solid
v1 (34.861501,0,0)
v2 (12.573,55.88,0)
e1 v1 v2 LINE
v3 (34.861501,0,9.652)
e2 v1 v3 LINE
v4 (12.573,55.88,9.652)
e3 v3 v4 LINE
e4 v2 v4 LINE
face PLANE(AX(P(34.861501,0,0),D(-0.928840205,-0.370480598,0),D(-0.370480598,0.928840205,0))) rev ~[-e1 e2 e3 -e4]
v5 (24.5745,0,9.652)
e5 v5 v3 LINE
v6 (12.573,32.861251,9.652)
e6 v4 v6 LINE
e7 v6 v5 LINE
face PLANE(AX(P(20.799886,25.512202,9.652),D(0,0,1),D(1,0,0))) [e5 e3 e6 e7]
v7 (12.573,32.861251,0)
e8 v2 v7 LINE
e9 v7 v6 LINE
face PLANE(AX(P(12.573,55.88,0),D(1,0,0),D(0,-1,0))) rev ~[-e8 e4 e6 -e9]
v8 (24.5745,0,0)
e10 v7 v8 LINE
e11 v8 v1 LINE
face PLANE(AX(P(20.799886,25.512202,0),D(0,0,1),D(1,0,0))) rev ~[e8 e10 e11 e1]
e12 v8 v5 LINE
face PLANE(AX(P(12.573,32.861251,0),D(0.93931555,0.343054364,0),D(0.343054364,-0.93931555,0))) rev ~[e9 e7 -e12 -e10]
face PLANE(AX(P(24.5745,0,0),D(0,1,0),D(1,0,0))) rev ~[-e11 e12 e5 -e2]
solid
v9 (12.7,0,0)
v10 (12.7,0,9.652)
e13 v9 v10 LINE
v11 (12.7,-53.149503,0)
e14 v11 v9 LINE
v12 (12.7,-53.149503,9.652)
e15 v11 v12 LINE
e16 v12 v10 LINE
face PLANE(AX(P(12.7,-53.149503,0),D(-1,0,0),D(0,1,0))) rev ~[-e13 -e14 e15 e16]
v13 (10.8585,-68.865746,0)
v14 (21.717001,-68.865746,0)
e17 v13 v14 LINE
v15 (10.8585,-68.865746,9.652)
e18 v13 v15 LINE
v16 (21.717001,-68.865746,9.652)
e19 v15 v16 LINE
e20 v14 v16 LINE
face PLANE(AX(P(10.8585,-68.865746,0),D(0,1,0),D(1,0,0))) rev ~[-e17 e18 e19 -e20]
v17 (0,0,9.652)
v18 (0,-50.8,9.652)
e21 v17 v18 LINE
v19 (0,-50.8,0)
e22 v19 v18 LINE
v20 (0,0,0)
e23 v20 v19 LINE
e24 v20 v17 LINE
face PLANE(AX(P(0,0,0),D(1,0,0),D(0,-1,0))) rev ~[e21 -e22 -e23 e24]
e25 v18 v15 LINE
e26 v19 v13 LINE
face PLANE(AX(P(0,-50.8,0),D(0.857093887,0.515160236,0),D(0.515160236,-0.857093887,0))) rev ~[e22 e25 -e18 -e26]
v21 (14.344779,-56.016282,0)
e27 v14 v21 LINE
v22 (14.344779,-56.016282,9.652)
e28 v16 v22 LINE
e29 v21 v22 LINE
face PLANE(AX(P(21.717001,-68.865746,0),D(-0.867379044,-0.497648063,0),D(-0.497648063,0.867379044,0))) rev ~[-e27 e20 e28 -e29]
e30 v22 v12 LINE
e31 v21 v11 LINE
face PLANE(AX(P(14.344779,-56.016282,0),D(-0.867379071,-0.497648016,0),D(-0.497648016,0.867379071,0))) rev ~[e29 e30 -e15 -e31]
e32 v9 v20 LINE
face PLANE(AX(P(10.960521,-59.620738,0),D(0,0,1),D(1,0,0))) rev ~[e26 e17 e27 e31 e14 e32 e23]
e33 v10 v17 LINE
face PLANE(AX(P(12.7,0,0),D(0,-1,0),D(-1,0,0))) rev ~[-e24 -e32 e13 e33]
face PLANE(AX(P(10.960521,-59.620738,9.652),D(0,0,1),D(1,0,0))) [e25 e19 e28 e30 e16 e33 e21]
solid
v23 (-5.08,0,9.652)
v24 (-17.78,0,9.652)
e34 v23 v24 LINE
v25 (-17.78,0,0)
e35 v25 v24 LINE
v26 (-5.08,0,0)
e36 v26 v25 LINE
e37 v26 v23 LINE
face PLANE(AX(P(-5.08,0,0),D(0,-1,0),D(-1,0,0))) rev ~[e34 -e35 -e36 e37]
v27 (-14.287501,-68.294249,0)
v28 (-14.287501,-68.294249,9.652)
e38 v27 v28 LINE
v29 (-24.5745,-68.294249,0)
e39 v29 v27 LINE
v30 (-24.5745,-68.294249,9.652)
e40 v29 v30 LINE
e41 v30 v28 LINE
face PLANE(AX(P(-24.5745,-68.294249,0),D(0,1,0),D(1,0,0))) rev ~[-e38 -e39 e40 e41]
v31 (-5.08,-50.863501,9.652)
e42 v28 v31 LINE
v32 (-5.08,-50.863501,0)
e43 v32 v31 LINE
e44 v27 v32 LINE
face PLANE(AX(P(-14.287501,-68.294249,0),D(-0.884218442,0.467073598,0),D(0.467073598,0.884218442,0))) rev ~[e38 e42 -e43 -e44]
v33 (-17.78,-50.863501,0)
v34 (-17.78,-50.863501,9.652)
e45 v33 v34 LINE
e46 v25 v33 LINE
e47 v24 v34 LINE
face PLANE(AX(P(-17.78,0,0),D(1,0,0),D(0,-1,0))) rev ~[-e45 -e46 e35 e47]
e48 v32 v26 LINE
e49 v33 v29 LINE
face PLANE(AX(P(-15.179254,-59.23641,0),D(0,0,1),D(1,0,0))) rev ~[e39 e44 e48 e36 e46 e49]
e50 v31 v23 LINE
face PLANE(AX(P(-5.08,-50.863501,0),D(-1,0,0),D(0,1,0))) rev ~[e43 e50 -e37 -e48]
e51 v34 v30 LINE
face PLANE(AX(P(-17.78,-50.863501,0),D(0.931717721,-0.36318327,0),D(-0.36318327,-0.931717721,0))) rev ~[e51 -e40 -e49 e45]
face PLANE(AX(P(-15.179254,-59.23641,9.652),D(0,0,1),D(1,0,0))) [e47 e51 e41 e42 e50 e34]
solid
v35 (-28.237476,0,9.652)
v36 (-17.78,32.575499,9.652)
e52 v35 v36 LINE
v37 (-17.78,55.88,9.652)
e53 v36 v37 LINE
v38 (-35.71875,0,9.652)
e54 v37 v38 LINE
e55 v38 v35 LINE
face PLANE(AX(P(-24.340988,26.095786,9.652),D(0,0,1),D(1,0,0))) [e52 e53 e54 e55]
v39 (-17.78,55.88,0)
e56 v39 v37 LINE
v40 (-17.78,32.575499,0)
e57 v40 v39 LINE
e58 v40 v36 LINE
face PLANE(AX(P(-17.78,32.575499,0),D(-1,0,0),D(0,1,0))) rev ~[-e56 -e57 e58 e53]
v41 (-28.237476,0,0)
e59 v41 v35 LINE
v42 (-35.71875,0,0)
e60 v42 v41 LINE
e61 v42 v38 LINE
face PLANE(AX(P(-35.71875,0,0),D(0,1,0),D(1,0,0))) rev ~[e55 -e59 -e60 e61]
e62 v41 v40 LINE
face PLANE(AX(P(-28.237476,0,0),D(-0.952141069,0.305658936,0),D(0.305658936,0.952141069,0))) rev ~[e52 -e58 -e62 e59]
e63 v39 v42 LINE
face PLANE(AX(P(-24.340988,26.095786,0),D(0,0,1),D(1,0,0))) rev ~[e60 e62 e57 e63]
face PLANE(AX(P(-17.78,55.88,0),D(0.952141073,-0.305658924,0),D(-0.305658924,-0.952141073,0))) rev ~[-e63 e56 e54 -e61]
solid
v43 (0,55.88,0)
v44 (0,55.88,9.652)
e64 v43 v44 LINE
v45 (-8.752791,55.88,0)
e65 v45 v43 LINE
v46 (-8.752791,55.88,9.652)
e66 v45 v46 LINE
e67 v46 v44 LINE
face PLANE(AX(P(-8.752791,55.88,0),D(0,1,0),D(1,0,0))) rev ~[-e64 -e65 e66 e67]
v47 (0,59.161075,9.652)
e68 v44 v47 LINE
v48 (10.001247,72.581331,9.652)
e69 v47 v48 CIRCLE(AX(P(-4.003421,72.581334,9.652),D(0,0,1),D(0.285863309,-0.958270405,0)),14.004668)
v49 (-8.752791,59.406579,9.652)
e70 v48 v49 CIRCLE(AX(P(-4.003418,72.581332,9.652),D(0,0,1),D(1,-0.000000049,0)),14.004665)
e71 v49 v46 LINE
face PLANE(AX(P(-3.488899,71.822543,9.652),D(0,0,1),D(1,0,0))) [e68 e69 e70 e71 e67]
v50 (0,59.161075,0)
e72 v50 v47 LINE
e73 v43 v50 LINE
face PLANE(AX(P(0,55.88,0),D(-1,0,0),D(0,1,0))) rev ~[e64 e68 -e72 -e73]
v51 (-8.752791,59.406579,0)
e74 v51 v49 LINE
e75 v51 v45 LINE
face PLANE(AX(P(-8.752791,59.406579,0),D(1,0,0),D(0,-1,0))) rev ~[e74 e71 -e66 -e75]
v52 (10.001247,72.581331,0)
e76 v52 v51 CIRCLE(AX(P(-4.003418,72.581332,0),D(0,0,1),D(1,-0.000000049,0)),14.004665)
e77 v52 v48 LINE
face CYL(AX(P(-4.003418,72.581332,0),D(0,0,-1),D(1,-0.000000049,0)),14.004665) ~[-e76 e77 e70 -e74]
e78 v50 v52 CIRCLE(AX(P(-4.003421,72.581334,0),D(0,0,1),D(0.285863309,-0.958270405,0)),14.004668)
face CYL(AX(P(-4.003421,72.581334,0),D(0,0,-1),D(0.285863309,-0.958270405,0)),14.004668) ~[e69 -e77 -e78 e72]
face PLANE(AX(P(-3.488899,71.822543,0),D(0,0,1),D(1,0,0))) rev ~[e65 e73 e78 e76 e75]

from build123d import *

# Parameters (mm, degrees)
F1_DEPTH = 9.652


with BuildPart() as f1:
    # F0 (on Top) → F1 (new body)
    with BuildSketch(Plane.XY):
        Polygon((12.7, -50.8), (0, -50.8), (10.8585, -68.865746), (21.717001, -68.865746), (14.344779, -56.016282), (12.7, -53.149503), align=None)
        Polygon((-14.287501, -68.294249), (-5.08, -50.863501), (-17.78, -50.863501), (-24.5745, -68.294249), align=None)
        Polygon((-28.237476, 0), (-17.78, 32.575499), (-17.78, 55.88), (-35.71875, 0), align=None)
        Polygon((12.573, 55.88), (12.573, 32.861251), (24.5745, 0), (34.861501, 0), align=None)
        with BuildLine():
            ThreePointArc((-8.752791, 59.406579), (-4.396076, 58.582172), (0, 59.161075))
            ThreePointArc((0, 59.161075), (7.225944, 64.212816), (10.001247, 72.581331))
            ThreePointArc((10.001247, 72.581331), (-12.0538, 84.040913), (-8.752791, 59.406579))
        make_face()
        Polygon((12.573, 0), (0, 0), (0, -50.8), (12.7, -50.8), (12.7, 0), align=None)
        Polygon((-5.08, -50.8), (-5.08, 0), (-17.78, 0), (-17.78, -50.863501), (-5.08, -50.863501), align=None)
        with BuildLine():
            Line((-8.752791, 55.88), (0, 55.88))
            Line((0, 55.88), (0, 59.161075))
            ThreePointArc((0, 59.161075), (-4.396076, 58.582172), (-8.752791, 59.406579))
            Line((-8.752791, 59.406579), (-8.752791, 55.88))
        make_face()
    extrude(amount=F1_DEPTH)


solid = f1.part
